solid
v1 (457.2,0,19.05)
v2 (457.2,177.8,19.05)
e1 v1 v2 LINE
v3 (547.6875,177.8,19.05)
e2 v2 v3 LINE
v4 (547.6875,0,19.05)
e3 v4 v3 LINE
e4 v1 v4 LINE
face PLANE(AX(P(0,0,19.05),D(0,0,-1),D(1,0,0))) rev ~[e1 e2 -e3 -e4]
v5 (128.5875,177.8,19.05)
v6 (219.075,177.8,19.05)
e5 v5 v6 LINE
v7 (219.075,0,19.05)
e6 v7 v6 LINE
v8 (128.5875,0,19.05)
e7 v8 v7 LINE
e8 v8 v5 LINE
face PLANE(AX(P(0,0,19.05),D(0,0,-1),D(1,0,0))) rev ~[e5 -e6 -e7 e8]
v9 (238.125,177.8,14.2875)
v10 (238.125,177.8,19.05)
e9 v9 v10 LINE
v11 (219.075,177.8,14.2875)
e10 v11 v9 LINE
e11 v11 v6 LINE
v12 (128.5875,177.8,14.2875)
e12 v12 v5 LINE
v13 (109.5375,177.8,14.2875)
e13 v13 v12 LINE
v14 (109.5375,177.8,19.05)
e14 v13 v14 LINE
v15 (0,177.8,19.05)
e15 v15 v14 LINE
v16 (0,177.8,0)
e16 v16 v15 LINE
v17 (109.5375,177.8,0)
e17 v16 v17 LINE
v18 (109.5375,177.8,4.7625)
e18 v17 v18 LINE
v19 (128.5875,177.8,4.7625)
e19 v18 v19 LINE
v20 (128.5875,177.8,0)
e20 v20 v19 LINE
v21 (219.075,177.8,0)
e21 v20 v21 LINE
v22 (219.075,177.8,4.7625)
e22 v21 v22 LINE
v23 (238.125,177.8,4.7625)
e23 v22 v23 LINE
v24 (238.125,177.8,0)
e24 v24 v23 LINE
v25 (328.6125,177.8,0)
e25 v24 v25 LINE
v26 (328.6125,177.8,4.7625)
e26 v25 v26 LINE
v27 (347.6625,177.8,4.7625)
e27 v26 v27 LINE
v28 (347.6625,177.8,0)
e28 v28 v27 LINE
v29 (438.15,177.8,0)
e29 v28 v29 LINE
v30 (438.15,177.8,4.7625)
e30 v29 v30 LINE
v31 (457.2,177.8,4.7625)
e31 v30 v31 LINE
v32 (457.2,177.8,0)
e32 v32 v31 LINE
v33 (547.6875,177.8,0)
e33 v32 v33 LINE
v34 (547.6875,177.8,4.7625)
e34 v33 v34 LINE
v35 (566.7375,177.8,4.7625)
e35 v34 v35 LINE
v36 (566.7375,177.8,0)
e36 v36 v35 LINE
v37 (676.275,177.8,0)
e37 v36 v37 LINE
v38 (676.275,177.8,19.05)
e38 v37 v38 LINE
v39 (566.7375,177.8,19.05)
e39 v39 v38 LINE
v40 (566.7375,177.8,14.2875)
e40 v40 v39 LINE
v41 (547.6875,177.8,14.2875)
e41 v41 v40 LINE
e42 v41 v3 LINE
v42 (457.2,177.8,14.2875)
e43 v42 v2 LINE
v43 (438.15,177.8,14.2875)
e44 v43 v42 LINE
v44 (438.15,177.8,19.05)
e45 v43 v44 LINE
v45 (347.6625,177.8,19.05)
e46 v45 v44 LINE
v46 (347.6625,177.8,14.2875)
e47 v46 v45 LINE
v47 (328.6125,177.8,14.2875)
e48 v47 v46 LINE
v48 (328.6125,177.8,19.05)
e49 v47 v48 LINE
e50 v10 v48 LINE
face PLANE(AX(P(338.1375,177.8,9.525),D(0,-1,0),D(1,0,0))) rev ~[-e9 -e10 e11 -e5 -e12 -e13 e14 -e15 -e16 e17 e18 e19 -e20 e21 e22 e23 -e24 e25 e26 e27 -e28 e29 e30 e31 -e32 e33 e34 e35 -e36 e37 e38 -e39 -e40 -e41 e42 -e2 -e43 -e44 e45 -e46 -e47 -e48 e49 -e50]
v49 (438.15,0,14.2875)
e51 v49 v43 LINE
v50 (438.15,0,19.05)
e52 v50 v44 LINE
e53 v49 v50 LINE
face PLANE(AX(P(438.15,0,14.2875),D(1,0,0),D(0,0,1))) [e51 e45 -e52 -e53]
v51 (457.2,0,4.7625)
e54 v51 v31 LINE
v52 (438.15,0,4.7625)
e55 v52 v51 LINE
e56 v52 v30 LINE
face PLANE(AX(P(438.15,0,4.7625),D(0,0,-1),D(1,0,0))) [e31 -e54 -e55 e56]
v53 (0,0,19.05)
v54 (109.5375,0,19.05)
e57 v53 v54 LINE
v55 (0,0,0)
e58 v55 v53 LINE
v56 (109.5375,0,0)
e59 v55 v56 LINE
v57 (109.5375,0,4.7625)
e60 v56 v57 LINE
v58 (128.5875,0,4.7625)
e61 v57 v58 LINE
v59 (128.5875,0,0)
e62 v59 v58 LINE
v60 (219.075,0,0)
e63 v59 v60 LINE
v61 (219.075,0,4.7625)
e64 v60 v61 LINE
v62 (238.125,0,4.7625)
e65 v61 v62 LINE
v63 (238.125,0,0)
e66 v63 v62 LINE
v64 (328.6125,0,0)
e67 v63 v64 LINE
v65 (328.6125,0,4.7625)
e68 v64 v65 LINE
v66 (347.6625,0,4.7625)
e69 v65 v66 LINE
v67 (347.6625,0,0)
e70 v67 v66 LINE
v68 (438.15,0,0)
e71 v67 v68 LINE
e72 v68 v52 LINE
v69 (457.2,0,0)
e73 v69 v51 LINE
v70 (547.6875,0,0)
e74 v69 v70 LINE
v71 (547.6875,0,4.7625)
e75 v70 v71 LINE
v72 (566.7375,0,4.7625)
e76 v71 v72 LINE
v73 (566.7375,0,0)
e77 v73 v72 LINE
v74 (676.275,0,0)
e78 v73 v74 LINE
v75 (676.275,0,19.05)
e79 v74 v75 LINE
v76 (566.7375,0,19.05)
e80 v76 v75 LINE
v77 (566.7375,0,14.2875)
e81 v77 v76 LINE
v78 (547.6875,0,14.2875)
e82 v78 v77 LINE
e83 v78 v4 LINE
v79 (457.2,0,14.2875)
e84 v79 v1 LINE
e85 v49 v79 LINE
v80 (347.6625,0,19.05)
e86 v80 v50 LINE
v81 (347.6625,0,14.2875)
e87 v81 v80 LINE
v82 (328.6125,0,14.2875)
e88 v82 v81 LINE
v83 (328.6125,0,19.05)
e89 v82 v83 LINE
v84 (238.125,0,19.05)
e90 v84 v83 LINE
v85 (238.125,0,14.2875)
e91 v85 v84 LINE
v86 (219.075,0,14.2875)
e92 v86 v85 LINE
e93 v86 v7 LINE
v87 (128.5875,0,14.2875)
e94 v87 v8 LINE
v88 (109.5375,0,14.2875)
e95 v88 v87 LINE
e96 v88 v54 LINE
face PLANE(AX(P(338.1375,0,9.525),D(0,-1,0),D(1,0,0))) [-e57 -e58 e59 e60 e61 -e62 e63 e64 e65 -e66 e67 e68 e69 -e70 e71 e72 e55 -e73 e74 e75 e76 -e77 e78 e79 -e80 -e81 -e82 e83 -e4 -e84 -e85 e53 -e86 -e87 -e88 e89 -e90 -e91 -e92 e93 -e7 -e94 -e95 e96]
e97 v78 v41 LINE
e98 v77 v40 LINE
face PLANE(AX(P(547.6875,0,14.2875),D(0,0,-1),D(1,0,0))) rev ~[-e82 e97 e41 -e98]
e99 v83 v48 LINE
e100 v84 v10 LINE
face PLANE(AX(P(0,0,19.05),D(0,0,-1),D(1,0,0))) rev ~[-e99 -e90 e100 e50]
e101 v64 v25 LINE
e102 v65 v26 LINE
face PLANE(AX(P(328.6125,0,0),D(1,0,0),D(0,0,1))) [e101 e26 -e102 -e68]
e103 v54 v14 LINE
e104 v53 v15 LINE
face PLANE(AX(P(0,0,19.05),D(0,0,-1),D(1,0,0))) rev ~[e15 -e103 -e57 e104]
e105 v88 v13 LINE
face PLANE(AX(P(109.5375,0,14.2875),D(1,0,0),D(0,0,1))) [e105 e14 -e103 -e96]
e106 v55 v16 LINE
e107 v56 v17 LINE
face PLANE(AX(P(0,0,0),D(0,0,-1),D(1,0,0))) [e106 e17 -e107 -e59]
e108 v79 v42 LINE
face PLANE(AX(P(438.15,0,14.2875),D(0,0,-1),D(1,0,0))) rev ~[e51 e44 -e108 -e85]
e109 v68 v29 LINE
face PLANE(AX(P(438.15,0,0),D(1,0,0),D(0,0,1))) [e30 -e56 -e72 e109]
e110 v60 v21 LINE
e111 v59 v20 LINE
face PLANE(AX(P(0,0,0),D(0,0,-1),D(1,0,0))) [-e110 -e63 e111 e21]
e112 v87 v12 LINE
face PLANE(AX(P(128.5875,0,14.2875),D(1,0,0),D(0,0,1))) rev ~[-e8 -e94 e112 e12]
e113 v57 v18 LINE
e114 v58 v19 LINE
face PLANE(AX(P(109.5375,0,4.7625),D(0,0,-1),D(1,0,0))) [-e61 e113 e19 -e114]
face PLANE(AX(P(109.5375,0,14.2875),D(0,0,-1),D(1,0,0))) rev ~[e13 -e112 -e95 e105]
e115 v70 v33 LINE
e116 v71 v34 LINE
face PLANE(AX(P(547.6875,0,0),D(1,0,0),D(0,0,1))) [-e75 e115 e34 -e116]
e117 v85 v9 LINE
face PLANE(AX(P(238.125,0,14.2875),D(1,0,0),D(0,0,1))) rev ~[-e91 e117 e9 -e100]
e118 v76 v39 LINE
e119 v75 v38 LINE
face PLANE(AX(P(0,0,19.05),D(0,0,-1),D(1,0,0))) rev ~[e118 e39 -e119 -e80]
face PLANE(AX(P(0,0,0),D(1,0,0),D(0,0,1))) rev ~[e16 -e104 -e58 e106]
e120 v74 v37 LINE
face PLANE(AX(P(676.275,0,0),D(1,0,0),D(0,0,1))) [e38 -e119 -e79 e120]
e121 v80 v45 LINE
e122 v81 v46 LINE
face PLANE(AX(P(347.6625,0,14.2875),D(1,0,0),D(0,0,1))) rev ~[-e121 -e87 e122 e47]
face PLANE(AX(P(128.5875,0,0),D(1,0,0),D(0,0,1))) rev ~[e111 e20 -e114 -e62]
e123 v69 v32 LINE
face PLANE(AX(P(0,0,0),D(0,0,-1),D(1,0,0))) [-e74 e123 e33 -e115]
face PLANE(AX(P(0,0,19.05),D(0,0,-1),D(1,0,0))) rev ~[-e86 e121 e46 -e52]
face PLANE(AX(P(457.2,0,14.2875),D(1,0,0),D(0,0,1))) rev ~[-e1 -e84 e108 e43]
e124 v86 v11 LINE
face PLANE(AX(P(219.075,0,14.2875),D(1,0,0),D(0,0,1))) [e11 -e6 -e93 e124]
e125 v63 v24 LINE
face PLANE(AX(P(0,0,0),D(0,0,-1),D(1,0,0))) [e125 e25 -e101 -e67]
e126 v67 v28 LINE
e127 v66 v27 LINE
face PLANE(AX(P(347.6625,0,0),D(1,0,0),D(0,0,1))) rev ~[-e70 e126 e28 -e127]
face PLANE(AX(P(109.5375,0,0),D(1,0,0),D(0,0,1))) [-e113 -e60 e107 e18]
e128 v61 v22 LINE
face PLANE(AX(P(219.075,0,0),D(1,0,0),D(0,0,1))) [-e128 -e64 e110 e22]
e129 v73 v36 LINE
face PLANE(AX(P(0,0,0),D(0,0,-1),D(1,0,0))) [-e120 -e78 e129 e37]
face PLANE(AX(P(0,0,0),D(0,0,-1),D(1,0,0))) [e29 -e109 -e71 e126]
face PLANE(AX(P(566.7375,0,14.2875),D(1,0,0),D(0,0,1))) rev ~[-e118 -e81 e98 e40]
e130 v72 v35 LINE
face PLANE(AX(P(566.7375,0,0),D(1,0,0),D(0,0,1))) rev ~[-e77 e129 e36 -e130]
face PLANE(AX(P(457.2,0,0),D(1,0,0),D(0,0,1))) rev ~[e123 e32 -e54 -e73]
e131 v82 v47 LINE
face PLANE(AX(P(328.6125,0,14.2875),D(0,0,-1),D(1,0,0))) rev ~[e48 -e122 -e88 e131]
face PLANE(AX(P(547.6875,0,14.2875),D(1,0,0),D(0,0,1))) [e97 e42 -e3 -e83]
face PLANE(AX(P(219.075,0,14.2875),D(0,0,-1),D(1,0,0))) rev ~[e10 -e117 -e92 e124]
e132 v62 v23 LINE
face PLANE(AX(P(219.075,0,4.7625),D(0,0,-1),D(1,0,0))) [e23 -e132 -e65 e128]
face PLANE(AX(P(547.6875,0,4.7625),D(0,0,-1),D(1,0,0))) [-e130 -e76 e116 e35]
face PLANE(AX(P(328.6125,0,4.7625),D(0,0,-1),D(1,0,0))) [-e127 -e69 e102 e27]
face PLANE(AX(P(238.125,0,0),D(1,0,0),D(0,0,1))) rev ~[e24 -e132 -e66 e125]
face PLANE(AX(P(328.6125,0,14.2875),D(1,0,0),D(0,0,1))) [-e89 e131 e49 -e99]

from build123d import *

# Parameters (mm, degrees)
F0_W     = 676.275
F0_H     = 19.05
F2_DEPTH = 177.8
F1_W     = 19.05
F1_H     = 4.7625
F3_DEPTH = 177.801


with BuildPart() as f2:
    # F0 (on Front) → F2 (new body)
    with BuildSketch(Plane.XZ):
        with Locations((338.1375, 9.525)):
            Rectangle(F0_W, F0_H)
    extrude(amount=-F2_DEPTH)

    # F1 (on Front) → F3 (cut, through all)
    with BuildSketch(Plane.XZ):
        with Locations((119.0625, 2.38125)):
            Rectangle(F1_W, F1_H)
        with Locations((119.0625, 16.66875)):
            Rectangle(F1_W, F1_H)
        with Locations((228.6, 2.38125)):
            Rectangle(F1_W, F1_H)
        with Locations((228.6, 16.66875)):
            Rectangle(F1_W, F1_H)
        with Locations((338.1375, 2.38125)):
            Rectangle(F1_W, F1_H)
        with Locations((338.1375, 16.66875)):
            Rectangle(F1_W, F1_H)
        with Locations((447.675, 2.38125)):
            Rectangle(F1_W, F1_H)
        with Locations((447.675, 16.66875)):
            Rectangle(F1_W, F1_H)
        with Locations((557.2125, 2.38125)):
            Rectangle(F1_W, F1_H)
        with Locations((557.2125, 16.66875)):
            Rectangle(F1_W, F1_H)
    extrude(amount=-F3_DEPTH, mode=Mode.SUBTRACT)


solid = f2.part
